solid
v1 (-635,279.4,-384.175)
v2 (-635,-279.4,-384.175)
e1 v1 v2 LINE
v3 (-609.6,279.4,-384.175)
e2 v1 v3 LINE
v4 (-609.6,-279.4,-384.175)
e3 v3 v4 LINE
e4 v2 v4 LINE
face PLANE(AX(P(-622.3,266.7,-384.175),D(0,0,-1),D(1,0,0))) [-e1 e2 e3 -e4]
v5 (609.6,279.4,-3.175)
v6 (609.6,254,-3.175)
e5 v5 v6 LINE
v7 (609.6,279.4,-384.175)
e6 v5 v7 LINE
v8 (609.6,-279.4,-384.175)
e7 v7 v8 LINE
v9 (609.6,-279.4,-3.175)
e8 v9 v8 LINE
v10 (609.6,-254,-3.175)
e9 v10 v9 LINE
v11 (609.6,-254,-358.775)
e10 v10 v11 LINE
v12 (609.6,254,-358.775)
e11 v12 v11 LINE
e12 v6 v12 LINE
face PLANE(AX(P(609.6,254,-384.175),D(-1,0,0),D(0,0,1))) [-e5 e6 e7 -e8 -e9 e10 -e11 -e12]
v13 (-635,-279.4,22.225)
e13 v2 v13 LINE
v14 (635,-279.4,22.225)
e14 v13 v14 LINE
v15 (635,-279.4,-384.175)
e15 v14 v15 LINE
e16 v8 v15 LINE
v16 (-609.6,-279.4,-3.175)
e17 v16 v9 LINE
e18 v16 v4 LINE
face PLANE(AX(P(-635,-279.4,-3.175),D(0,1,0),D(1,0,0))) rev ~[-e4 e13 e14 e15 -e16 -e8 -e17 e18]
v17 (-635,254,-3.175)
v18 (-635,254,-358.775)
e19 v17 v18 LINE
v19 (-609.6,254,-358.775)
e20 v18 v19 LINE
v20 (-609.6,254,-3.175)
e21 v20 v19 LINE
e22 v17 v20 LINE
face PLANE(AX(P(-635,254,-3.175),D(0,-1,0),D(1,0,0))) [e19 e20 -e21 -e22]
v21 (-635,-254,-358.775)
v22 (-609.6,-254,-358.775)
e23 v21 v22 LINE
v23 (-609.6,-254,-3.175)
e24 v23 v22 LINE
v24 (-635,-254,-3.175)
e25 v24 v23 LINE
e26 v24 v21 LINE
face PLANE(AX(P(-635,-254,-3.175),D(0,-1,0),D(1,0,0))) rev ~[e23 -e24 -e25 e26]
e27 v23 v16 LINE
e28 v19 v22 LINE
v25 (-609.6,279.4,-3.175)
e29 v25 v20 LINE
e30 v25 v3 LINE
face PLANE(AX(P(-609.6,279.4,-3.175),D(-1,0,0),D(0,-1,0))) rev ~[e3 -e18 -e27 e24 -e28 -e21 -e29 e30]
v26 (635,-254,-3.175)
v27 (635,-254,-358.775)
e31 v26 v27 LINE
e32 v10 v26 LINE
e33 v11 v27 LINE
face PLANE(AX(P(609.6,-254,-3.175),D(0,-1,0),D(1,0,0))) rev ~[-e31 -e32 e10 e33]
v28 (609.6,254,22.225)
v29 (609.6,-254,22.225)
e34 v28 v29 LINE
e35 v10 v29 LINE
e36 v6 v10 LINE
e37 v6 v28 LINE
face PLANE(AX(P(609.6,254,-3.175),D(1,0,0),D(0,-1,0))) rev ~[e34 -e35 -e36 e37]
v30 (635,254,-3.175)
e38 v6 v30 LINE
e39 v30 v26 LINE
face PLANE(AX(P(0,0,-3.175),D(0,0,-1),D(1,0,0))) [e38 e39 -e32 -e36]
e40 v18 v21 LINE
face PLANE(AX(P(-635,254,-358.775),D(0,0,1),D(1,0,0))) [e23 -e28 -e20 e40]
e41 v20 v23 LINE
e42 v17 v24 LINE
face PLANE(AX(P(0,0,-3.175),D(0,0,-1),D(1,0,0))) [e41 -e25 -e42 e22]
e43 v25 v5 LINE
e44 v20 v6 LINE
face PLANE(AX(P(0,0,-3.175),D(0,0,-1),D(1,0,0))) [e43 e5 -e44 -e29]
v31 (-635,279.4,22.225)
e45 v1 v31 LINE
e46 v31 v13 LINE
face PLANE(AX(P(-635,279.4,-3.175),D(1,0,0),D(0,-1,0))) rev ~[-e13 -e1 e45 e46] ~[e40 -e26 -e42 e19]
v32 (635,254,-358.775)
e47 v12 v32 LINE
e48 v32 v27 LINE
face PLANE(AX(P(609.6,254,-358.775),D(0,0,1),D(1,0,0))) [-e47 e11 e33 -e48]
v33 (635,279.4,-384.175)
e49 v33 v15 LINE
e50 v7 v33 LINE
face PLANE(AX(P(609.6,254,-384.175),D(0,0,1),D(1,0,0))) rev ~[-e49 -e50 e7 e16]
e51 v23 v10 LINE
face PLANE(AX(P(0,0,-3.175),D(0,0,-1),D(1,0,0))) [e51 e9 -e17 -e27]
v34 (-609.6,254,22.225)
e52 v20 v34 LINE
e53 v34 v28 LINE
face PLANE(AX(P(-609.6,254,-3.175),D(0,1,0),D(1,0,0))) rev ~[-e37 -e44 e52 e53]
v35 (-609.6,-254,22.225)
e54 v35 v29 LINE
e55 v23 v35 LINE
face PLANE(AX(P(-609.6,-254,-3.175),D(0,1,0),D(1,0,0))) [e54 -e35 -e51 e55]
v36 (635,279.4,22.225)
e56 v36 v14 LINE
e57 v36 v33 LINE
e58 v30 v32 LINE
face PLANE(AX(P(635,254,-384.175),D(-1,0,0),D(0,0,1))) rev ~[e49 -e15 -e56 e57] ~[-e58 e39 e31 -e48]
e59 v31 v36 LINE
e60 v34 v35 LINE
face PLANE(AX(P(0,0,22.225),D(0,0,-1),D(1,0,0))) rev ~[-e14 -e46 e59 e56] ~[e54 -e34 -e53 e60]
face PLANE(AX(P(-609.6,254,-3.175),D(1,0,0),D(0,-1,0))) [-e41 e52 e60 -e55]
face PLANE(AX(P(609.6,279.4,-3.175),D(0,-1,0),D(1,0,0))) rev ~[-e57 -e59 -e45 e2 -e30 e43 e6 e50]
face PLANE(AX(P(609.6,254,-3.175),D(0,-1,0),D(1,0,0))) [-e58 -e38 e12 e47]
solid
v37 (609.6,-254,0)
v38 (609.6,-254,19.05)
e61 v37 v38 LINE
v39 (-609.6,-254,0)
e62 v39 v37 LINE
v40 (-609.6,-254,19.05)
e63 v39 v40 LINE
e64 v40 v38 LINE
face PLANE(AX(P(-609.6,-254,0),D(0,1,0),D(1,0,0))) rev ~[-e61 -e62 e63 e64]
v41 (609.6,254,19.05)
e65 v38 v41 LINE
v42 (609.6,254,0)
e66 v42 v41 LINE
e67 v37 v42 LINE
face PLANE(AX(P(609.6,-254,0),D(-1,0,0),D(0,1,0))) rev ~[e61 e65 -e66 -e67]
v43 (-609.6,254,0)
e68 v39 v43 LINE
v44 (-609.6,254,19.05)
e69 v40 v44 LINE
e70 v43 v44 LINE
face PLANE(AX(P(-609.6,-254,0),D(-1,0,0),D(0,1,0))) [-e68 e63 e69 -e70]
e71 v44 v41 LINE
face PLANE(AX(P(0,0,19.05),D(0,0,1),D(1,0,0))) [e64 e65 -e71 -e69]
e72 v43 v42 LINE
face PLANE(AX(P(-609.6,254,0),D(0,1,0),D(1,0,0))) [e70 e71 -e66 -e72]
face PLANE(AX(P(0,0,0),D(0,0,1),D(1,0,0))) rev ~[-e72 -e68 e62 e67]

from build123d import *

# Parameters (mm, degrees)
F0_W     = 1219.2
F0_H     = 508
F1_DEPTH = 19.05
F3_W     = 1270
F3_H     = 558.8
F3_W_2   = 1219.2
F3_H_2   = 508
F4_DEPTH = 25.4
F5_W     = 25.4
F5_H     = 25.4
F6_DEPTH = 381
F7_W     = 25.4
F7_H     = 25.4
F8_DEPTH = 508


with BuildPart() as f1:
    # F0 (on Top) → F1 (new body)
    with BuildSketch(Plane.XY):
        Rectangle(F0_W, F0_H)
    extrude(amount=F1_DEPTH)


with BuildPart() as f4:
    # F3 (on offset) → F4 (new body)
    with BuildSketch(Plane(origin=(0, 0, -3.175), x_dir=(1, 0, 0), z_dir=(0, 0, -1))):
        Rectangle(F3_W, F3_H)
        Rectangle(F3_W_2, F3_H_2, mode=Mode.SUBTRACT)
    extrude(amount=-F4_DEPTH)

    # F5 (on face) → F6 (join)
    with BuildSketch(Plane(origin=(0, 0, -3.175), x_dir=(1, 0, 0), z_dir=(0, 0, -1))):
        with Locations((622.3, -266.7)):
            Rectangle(F5_W, F5_H)
        with Locations((622.3, 266.7)):
            Rectangle(F5_W, F5_H)
        with Locations((-622.3, 266.7)):
            Rectangle(F5_W, F5_H)
        with Locations((-622.3, -266.7)):
            Rectangle(F5_W, F5_H)
    extrude(amount=F6_DEPTH)

    # F7 (on face) → F8 (join)
    with BuildSketch(Plane.XZ.offset(-254)):
        with Locations((622.3, -371.475)):
            Rectangle(F7_W, F7_H)
        with Locations((-622.3, -371.475)):
            Rectangle(F7_W, F7_H)
    extrude(amount=F8_DEPTH)


solid = Compound([f1.part, f4.part])
